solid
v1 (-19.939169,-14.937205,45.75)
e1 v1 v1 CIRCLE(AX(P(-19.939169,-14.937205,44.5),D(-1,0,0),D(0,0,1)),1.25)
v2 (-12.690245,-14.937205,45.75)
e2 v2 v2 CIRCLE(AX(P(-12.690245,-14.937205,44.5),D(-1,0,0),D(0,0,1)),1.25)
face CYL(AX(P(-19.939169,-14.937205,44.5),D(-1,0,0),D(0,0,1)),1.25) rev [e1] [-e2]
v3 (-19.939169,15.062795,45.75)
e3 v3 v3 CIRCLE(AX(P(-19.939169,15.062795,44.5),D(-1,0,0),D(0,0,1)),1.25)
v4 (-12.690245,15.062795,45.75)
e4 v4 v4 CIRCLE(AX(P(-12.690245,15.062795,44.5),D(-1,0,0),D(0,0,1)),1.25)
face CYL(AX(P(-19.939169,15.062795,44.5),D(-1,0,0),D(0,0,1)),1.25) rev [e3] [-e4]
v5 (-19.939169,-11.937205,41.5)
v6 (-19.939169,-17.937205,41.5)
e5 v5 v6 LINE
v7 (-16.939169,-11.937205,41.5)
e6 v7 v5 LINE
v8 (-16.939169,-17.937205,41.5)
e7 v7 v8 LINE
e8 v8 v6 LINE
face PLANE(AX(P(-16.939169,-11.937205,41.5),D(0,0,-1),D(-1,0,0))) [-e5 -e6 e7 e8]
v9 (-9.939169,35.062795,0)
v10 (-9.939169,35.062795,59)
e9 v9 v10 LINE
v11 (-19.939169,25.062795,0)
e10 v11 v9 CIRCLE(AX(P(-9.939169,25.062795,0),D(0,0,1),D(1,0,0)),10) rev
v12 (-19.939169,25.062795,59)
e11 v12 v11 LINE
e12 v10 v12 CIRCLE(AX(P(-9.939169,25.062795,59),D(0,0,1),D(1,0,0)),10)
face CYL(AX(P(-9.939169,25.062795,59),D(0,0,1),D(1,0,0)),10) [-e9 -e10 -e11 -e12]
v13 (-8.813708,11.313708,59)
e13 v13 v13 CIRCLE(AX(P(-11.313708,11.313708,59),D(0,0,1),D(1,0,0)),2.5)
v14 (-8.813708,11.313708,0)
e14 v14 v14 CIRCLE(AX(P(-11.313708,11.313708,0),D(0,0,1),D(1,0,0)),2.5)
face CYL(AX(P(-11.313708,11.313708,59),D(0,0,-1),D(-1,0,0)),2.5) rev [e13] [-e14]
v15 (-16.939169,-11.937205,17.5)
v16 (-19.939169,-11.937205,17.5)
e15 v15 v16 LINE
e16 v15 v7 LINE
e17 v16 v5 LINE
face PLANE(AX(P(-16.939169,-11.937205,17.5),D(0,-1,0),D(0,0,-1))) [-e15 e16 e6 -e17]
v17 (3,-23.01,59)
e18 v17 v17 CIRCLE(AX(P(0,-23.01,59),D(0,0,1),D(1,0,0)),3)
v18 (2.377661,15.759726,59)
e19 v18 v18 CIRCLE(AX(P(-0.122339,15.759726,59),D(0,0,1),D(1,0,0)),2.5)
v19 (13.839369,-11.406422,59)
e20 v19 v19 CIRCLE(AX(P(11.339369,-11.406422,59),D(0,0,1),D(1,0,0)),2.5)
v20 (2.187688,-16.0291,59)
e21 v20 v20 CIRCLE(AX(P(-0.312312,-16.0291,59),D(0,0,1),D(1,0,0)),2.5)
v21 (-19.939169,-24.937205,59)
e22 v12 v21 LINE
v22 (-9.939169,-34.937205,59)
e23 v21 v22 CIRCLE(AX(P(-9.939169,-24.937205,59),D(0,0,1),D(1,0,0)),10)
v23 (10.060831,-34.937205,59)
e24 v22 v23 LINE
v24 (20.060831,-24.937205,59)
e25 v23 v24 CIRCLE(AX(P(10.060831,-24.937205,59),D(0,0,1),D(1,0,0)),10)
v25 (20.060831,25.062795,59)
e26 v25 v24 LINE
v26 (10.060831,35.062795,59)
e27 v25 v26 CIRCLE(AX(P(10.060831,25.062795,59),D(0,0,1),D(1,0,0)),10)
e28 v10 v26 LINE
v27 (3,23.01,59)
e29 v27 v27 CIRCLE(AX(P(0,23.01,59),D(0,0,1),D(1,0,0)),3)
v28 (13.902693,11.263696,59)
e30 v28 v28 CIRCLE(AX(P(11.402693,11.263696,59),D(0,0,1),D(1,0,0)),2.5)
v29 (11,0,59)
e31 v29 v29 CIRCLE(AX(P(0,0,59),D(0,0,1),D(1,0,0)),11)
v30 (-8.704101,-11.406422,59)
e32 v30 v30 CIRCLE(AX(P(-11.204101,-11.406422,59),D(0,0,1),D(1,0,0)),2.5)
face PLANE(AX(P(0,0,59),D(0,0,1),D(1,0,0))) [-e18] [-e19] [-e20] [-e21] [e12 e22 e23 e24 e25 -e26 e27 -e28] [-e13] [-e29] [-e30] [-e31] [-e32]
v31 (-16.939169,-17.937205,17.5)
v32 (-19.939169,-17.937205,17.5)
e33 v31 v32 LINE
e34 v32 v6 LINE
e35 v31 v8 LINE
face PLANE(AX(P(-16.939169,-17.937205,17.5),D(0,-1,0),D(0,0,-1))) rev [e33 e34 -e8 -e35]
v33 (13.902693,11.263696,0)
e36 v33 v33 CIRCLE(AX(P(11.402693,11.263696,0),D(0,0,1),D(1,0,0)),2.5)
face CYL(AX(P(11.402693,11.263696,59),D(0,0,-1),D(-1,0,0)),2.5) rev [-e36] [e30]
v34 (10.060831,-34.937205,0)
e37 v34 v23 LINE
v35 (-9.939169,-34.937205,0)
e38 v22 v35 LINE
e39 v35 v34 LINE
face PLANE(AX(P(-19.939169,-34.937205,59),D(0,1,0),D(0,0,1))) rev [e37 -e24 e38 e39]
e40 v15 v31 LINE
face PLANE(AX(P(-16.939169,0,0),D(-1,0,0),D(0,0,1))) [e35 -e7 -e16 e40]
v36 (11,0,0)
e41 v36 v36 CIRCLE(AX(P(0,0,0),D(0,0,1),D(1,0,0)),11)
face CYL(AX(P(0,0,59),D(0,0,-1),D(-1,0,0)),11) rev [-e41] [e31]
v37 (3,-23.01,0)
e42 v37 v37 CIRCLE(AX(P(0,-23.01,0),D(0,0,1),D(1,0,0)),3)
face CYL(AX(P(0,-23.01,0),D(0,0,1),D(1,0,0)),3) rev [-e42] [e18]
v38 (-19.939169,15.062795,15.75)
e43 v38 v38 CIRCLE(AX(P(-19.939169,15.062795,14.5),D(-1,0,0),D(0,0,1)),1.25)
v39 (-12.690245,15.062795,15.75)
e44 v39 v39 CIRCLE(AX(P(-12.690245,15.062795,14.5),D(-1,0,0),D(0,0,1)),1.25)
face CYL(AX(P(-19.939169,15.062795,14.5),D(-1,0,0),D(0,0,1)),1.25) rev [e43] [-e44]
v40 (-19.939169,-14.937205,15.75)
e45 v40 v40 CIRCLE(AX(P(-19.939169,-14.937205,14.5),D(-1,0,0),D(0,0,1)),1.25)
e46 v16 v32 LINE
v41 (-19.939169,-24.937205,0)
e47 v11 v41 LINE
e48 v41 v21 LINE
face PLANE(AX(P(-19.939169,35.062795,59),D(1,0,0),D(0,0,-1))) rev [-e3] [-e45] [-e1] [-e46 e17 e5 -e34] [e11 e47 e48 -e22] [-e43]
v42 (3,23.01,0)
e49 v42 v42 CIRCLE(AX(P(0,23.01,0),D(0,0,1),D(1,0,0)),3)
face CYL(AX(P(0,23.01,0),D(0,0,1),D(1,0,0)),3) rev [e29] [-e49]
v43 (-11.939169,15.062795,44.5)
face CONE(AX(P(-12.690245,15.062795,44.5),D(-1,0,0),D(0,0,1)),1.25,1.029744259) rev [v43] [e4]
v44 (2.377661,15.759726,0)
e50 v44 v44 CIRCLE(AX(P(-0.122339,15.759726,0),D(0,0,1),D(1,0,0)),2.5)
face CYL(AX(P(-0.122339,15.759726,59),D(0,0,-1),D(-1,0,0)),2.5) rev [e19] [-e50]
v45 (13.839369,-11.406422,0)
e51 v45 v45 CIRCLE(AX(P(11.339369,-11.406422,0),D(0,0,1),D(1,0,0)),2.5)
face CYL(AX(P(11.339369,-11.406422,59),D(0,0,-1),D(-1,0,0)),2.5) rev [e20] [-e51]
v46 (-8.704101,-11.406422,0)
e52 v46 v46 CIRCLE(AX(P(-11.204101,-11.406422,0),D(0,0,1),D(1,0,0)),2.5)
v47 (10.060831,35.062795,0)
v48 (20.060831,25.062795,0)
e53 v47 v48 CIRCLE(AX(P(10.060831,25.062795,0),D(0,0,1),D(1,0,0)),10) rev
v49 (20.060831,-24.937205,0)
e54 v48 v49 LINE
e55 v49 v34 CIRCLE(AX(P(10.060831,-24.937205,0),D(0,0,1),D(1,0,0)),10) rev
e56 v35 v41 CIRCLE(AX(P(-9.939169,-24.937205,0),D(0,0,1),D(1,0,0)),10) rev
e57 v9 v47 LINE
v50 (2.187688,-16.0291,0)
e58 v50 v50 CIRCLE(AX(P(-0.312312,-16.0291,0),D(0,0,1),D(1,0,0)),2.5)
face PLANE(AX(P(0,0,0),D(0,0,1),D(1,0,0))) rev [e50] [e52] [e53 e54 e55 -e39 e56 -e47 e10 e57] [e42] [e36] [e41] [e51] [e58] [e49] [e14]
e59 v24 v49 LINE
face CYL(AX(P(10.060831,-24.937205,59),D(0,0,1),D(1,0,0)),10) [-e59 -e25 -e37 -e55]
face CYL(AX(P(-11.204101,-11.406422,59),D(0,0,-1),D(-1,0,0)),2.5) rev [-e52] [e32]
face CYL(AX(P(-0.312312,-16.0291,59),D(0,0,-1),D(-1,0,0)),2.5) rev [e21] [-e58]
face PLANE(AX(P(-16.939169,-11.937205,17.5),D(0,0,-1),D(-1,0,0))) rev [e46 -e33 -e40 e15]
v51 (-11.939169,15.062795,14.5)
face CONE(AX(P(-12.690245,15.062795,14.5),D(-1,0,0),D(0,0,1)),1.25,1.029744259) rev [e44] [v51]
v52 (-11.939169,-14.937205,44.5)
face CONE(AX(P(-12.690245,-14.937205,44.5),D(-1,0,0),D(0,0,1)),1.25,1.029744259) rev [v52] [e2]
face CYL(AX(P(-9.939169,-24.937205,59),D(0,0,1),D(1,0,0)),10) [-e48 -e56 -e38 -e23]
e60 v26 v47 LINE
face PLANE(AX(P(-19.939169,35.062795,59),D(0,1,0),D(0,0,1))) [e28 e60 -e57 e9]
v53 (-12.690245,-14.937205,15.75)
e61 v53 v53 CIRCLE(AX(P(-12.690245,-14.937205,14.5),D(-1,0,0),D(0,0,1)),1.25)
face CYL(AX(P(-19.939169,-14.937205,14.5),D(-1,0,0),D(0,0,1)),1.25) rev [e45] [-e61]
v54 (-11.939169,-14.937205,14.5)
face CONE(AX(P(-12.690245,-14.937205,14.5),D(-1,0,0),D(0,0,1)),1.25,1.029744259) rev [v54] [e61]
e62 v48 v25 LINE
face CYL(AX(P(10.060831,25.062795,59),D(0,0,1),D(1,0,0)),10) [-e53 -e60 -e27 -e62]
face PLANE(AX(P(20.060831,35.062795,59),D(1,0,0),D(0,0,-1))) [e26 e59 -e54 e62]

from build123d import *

# Parameters (mm, degrees)
SKETCH1_W                      = 40
SKETCH1_H                      = 70
BOSS_EXTRUDE1_DEPTH            = 59
SKETCH2_R                      = 11
SKETCH2_R_2                    = 2.5
CUT_EXTRUDE1_DEPTH             = 72.504101247
F_2_5_2_5_DIAMETER_HOLE1_D     = 2.5
F_2_5_2_5_DIAMETER_HOLE1_DEPTH = 7.248924226
F_2_5_2_5_DIAMETER_HOLE1_TIP   = 0.751075774
SKETCH5_W                      = 24
SKETCH5_H                      = 6
CUT_EXTRUDE2_DEPTH             = 3
FILLET2_R                      = 10
FILLET3_R                      = 10
FILLET4_R                      = 10
FILLET5_R                      = 10
SKETCH9_R                      = 3
CUT_EXTRUDE3_DEPTH             = 72.504101247


with BuildPart() as part:
    # Sketch1 → Boss-Extrude1 (new body)
    with BuildSketch(Plane.XY):
        with Locations((0.060830656, 0.062794648)):
            Rectangle(SKETCH1_W, SKETCH1_H)
    extrude(amount=BOSS_EXTRUDE1_DEPTH)

    # Sketch2 → Cut-Extrude1 (cut, through all)
    with BuildSketch(Plane.XY):
        Circle(SKETCH2_R)
        with Locations((-11.313708499, 11.313708499)):
            Circle(SKETCH2_R_2)
        with Locations((-0.122338904, 15.759725587)):
            Circle(SKETCH2_R_2)
        with Locations((11.402693442, 11.263696484)):
            Circle(SKETCH2_R_2)
        with Locations((11.339369089, -11.406422087)):
            Circle(SKETCH2_R_2)
        with Locations((-0.312311964, -16.029099896)):
            Circle(SKETCH2_R_2)
        with Locations((-11.204100775, -11.406422087)):
            Circle(SKETCH2_R_2)
    extrude(amount=CUT_EXTRUDE1_DEPTH, mode=Mode.SUBTRACT)

    # Ø2.5 (2.5) Diameter Hole1
    with Locations(Plane.ZY.offset(19.939169344)):
        with Locations((14.5, 15.062794648), (44.5, 15.062794648), (44.5, -14.937205352), (14.5, -14.937205352)):
            Hole(F_2_5_2_5_DIAMETER_HOLE1_D / 2, depth=F_2_5_2_5_DIAMETER_HOLE1_DEPTH)
            with Locations((0, 0, -(F_2_5_2_5_DIAMETER_HOLE1_DEPTH + F_2_5_2_5_DIAMETER_HOLE1_TIP / 2))):  # 118° drill point
                Cone(0, F_2_5_2_5_DIAMETER_HOLE1_D / 2, F_2_5_2_5_DIAMETER_HOLE1_TIP, mode=Mode.SUBTRACT)

    # Sketch5 → Cut-Extrude2 (cut)
    with BuildSketch(Plane.ZY.offset(19.939169344)):
        with Locations((29.5, -14.937205352)):
            Rectangle(SKETCH5_W, SKETCH5_H)
    extrude(amount=-CUT_EXTRUDE2_DEPTH, mode=Mode.SUBTRACT)

    # Fillet2
    fillet2_edges = [part.edges().sort_by_distance(p)[0] for p in [
        (20.060830656, 35.062794648, 29.5),
    ]]
    fillet(fillet2_edges, radius=FILLET2_R)

    # Fillet3
    fillet3_edges = [part.edges().sort_by_distance(p)[0] for p in [
        (-19.939169344, 35.062794648, 29.5),
    ]]
    fillet(fillet3_edges, radius=FILLET3_R)

    # Fillet4
    fillet4_edges = [part.edges().sort_by_distance(p)[0] for p in [
        (20.060830656, -34.937205352, 29.5),
    ]]
    fillet(fillet4_edges, radius=FILLET4_R)

    # Fillet5
    fillet5_edges = [part.edges().sort_by_distance(p)[0] for p in [
        (-19.939169344, -34.937205352, 29.5),
    ]]
    fillet(fillet5_edges, radius=FILLET5_R)

    # Sketch9 → Cut-Extrude3 (cut, through all)
    with BuildSketch(Plane.XY.offset(59)):
        with Locations((0, 23.01)):
            Circle(SKETCH9_R)
        with Locations((0, -23.01)):
            Circle(SKETCH9_R)
    extrude(amount=-CUT_EXTRUDE3_DEPTH, mode=Mode.SUBTRACT)


solid = part.part
